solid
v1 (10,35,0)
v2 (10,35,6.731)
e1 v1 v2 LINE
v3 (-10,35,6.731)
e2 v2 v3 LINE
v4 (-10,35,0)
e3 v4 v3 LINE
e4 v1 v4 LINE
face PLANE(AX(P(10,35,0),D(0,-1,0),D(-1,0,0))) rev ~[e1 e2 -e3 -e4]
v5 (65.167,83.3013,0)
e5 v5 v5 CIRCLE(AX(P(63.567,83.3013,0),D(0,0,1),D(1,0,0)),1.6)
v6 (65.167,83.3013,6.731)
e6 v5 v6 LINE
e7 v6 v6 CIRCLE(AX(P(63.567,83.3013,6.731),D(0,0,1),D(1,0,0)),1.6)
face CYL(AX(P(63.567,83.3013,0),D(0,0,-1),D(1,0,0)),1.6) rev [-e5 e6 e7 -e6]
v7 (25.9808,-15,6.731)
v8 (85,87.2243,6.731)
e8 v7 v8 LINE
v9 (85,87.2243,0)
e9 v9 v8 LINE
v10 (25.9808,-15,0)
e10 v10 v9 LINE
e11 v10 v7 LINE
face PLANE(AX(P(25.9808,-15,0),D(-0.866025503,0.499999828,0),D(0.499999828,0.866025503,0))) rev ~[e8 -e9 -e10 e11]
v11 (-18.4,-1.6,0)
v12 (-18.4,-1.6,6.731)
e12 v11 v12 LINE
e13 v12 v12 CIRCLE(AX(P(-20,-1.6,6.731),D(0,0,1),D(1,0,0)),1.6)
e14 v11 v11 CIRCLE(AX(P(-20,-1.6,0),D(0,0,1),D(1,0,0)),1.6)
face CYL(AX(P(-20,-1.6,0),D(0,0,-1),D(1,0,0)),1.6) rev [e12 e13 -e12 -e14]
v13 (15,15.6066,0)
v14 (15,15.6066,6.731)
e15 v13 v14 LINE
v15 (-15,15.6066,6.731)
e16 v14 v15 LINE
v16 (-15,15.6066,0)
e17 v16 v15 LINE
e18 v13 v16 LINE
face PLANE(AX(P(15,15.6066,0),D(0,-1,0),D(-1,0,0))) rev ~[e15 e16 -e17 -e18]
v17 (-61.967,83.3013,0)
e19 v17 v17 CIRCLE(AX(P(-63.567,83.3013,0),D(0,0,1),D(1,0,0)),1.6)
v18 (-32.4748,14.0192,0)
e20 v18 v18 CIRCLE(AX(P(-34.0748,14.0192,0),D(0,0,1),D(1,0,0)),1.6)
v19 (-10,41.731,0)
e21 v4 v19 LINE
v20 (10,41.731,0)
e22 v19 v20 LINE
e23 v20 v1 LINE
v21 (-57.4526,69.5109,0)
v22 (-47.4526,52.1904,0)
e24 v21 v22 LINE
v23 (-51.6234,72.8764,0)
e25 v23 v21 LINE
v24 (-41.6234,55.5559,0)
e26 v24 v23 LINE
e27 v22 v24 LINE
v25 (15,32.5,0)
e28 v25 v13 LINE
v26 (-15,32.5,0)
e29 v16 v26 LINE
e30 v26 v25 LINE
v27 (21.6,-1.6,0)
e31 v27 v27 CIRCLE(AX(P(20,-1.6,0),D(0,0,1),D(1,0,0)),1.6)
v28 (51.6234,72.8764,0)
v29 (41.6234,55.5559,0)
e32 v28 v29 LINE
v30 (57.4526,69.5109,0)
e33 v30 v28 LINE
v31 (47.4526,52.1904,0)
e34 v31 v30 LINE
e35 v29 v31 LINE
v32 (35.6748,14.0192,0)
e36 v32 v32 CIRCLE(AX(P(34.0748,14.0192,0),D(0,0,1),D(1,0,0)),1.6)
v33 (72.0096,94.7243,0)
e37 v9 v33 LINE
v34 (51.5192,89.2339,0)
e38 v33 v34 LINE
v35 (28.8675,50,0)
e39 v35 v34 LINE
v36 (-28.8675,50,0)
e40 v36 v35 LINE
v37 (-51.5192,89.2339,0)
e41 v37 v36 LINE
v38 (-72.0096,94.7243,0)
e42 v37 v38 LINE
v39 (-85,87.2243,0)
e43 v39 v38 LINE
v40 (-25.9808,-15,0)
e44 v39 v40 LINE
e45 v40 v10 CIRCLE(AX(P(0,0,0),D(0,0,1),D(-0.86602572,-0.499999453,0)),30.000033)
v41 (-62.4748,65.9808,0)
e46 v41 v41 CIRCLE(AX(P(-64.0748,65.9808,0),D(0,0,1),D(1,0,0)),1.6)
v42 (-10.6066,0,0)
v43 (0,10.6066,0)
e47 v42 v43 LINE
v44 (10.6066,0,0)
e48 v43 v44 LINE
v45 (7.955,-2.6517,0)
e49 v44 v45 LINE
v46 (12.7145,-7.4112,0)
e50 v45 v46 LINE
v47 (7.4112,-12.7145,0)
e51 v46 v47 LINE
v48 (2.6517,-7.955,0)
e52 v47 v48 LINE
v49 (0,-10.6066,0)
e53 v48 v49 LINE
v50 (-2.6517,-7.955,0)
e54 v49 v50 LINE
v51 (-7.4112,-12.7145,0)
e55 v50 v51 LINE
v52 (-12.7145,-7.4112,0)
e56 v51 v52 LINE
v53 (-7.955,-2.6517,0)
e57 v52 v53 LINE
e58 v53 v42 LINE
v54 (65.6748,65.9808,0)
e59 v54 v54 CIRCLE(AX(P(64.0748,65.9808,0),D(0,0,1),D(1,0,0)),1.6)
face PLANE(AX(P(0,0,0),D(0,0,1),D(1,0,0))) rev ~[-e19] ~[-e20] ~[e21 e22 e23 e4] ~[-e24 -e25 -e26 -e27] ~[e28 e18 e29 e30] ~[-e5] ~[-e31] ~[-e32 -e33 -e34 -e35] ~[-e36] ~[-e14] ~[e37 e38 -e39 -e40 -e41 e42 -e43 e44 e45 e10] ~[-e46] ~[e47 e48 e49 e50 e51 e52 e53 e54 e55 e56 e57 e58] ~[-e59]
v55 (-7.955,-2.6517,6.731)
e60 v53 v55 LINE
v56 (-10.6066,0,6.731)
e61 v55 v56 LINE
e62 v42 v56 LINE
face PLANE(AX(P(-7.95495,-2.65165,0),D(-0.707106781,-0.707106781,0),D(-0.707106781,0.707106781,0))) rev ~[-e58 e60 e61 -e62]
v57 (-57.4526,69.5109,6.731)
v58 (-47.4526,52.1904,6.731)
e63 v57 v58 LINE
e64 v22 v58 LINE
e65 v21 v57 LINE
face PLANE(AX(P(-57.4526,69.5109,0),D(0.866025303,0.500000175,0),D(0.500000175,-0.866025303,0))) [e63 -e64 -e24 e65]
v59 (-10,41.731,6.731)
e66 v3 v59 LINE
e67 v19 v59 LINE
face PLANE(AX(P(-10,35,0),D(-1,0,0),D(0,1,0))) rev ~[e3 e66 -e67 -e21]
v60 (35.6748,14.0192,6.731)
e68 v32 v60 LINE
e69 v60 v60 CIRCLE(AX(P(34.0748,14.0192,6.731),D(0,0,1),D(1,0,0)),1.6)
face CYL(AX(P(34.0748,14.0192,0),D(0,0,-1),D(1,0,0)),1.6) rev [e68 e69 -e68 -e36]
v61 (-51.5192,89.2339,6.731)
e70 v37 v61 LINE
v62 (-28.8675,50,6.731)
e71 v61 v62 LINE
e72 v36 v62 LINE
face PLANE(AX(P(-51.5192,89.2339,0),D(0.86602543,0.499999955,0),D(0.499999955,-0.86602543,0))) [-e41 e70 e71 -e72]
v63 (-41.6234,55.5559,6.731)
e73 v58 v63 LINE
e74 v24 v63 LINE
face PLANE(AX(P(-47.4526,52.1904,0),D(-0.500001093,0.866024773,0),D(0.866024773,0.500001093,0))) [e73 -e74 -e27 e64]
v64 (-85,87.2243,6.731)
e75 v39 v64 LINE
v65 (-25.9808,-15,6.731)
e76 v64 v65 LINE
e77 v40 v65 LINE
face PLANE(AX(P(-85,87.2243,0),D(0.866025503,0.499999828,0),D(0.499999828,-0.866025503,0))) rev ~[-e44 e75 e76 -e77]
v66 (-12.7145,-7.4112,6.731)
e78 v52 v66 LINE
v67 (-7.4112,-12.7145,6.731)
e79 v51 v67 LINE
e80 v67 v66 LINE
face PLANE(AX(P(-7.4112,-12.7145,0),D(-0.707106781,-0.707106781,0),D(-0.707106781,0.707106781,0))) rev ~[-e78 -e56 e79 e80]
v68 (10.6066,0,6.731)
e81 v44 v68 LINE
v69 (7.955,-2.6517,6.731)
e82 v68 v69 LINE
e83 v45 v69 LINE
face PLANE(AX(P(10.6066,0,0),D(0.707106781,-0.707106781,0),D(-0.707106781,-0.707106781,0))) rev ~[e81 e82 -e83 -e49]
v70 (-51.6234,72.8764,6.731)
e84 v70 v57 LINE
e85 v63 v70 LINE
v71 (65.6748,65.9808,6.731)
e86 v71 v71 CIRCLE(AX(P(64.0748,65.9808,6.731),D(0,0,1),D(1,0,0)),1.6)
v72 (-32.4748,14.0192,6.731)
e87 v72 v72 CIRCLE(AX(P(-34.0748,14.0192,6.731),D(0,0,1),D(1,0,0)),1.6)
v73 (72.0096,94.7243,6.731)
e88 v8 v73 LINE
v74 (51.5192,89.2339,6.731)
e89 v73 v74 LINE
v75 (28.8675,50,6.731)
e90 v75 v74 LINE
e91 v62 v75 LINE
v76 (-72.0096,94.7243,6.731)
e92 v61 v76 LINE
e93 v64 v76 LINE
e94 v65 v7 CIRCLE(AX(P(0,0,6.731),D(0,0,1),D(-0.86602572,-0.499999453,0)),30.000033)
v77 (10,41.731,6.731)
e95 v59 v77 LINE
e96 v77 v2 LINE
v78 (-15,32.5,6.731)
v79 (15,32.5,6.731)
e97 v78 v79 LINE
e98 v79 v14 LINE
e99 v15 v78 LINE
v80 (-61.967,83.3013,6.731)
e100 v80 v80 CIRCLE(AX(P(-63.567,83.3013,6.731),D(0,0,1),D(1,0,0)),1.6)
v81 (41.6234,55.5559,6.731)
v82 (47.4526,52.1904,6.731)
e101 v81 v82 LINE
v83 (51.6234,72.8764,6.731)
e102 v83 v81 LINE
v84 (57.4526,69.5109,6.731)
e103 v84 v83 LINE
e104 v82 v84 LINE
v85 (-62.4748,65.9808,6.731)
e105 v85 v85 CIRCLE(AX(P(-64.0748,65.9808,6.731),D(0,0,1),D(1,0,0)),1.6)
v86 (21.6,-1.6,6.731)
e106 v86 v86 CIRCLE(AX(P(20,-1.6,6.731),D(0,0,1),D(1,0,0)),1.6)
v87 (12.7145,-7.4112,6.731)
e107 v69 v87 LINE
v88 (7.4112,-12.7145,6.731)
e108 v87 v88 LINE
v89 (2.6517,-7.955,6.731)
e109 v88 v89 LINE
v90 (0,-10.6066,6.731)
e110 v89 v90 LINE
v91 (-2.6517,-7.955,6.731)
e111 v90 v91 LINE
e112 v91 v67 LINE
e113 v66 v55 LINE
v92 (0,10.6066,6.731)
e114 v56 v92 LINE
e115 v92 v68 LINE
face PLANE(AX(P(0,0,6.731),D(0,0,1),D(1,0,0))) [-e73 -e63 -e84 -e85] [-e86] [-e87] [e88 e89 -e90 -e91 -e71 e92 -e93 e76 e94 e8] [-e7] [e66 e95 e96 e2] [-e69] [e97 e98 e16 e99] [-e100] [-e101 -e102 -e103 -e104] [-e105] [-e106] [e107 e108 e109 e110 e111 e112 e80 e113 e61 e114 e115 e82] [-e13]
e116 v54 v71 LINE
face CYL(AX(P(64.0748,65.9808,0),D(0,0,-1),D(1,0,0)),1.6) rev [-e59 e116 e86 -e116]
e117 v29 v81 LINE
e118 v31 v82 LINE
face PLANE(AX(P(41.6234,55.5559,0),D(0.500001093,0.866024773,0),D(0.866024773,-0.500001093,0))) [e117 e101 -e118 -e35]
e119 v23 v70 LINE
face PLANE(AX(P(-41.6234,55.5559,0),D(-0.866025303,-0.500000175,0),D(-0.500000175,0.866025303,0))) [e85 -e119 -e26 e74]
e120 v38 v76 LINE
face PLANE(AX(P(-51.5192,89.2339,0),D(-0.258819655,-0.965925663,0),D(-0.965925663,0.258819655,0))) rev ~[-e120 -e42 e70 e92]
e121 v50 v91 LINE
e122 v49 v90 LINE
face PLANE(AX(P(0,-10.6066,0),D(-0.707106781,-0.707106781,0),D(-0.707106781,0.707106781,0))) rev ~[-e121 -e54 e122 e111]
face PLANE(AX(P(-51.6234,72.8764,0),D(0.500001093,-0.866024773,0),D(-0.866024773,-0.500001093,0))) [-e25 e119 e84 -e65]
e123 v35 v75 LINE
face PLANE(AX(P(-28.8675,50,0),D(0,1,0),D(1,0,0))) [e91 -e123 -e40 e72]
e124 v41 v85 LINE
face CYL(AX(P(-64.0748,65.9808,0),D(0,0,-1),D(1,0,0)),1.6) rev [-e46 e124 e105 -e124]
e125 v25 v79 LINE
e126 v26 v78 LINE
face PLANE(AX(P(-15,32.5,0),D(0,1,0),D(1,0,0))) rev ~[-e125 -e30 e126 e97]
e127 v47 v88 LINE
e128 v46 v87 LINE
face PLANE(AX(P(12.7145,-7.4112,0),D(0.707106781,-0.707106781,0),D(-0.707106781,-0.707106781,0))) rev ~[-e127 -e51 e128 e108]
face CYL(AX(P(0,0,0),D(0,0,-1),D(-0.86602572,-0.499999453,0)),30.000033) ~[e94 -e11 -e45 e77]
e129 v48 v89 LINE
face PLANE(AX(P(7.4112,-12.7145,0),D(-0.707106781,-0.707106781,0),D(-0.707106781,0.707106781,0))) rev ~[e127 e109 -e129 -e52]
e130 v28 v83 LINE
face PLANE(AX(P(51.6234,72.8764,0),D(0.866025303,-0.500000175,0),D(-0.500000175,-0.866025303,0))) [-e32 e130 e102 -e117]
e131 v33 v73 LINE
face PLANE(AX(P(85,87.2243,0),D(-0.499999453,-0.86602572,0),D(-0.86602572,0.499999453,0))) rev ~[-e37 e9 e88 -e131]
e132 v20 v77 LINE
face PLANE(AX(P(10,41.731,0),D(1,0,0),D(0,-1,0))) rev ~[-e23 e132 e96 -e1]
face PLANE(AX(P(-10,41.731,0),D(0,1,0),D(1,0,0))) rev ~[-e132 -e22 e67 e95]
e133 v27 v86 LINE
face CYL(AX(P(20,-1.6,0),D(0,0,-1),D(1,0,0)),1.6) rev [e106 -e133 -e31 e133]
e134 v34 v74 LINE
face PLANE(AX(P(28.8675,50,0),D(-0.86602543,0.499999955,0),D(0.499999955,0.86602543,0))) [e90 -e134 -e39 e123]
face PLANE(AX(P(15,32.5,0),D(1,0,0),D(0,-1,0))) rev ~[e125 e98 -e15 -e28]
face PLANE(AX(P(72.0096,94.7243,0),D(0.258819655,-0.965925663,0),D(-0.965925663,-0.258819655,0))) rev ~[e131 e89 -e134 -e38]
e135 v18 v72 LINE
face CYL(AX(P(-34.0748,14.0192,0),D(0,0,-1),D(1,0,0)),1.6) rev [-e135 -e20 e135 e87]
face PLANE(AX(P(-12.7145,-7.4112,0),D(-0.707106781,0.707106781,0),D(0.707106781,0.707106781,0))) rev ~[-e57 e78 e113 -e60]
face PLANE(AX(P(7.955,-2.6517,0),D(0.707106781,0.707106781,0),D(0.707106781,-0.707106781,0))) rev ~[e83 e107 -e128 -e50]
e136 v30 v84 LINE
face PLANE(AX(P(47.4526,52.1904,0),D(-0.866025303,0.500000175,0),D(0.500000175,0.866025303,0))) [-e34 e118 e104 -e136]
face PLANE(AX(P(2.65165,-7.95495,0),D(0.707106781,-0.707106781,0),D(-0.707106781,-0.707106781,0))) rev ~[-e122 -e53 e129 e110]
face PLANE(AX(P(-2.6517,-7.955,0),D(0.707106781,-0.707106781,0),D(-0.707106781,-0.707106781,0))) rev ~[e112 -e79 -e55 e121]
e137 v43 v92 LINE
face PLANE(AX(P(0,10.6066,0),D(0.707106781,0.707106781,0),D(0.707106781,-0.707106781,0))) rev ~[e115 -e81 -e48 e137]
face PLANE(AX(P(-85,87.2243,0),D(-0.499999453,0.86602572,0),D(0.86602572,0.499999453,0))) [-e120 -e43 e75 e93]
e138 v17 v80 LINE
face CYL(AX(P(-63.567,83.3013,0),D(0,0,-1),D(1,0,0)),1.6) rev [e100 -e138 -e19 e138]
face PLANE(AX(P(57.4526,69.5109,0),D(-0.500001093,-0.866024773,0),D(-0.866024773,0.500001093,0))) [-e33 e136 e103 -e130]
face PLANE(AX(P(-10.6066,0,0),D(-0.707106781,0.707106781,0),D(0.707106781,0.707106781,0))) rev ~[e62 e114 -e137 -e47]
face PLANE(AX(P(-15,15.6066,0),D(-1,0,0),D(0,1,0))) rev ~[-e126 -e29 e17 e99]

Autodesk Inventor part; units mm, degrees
ref_plane "YZ Plane" through (0, 0, 0) normal (1, 0, 0) x (0, 1, 0)
ref_plane "XZ Plane" through (0, 0, 0) normal (0, 1, 0) x (-1, 0, 0)
ref_plane "XY Plane" through (0, 0, 0) normal (0, 0, 1) x (1, 0, 0)
sketch "Sketch1" plane through (0, 0, 0) normal (0, 0, 1) x (1, 0, 0)
  line L0 (-10.6066, 0) -> (0, 10.6066)
  line L1 (0, 10.6066) -> (10.6066, 0)
  line L2 (10.6066, 0) -> (0, -10.6066)
  line L3 (0, -10.6066) -> (-10.6066, 0)
  arc A0 (-25.9808, -15) -> (25.9808, -15) centre (0, 0) ccw
  line L4 (25.9808, -15) -> (85, 87.2243)
  line L5 (10, 41.731) -> (10, 35)
  line L6 (10, 35) -> (-10, 35)
  line L7 (-10, 35) -> (-10, 41.731)
  line L8 (-10, 41.731) -> (10, 41.731)
  line L9 (-85, 87.2243) -> (-25.9808, -15)
  circle A1 centre (-49.0748, 40) radius 1.6
  circle A2 centre (-64.0748, 65.9808) radius 1.6
  circle A3 centre (49.0748, 40) radius 1.6
  circle A4 centre (64.0748, 65.9808) radius 1.6
  line L10 (-85, 87.2243) -> (-72.0096, 94.7243)
  line L11 (-51.5192, 89.2339) -> (-28.8675, 50)
  line L12 (-28.8675, 50) -> (28.8675, 50)
  line L13 (28.8675, 50) -> (51.5192, 89.2339)
  line L14 (2.6517, -7.955) -> (7.955, -2.6517)
  line L15 (7.955, -2.6517) -> (12.7145, -7.4112)
  line L16 (12.7145, -7.4112) -> (7.4112, -12.7145)
  line L17 (7.4112, -12.7145) -> (2.6517, -7.955)
  line L18 (-2.6517, -7.955) -> (-7.4112, -12.7145)
  line L19 (-7.4112, -12.7145) -> (-12.7145, -7.4112)
  line L20 (-12.7145, -7.4112) -> (-7.955, -2.6517)
  line L21 (-7.955, -2.6517) -> (-2.6517, -7.955)
  circle A5 centre (-38.567, 40) radius 1.6
  circle A6 centre (38.567, 40) radius 1.6
  circle A7 centre (-63.567, 83.3013) radius 1.6
  circle A8 centre (63.567, 83.3013) radius 1.6
  circle A9 centre (-20, -1.6) radius 1.6
  circle A10 centre (20, -1.6) radius 1.6
  line L22 (-57.4526, 69.5109) -> (-47.4526, 52.1904)
  line L23 (-47.4526, 52.1904) -> (-41.6234, 55.5559)
  line L24 (-41.6234, 55.5559) -> (-51.6234, 72.8764)
  line L25 (-51.6234, 72.8764) -> (-57.4526, 69.5109)
  line L26 (47.4526, 52.1904) -> (57.4526, 69.5109)
  line L27 (57.4526, 69.5109) -> (51.6234, 72.8764)
  line L28 (51.6234, 72.8764) -> (41.6234, 55.5559)
  line L29 (41.6234, 55.5559) -> (47.4526, 52.1904)
  line L30 (-15, 32.5) -> (15, 32.5)
  line L31 (15, 32.5) -> (15, 15.6066)
  line L32 (15, 15.6066) -> (-15, 15.6066)
  line L33 (-15, 15.6066) -> (-15, 32.5)
  line L34 (-10.6066, 0) -> (10.6066, 0)
  line L35 (25.9808, -15) -> (0, -60)
  line L36 (0, -60) -> (-25.9808, -15)
  line L37 (85, 87.2243) -> (72.0096, 94.7243)
  circle A11 centre (-34.0748, 14.0192) radius 1.6
  circle A12 centre (34.0748, 14.0192) radius 1.6
  line L38 (72.0096, 94.7243) -> (51.5192, 89.2339)
  line L39 (-51.5192, 89.2339) -> (-72.0096, 94.7243)
  point P0 (0, 0)
  point P1 (0, 35)
  point P2 (0, 32.5)
  dimension "d0" = 15
  dimension "d9" = 30
  dimension "d11" = 6.731
  dimension "d12" = 20
  dimension "d25" = 60
  dimension "d34" = 3.2
  dimension "d36" = 30
  dimension "d38" = 30
  dimension "d40" = 7.5
  dimension "d41" = 7.5
  dimension "d42" = 7.5
  dimension "d43" = 7.5
  dimension "d45" = 40
  dimension "d54" = 50
  dimension "d55" = 0
  dimension "d56" = 0
  dimension "d57" = 7.5
  dimension "d58" = 3.75
  dimension "d63" = 15
  dimension "d64" = 3.2
  dimension "d66" = 50
  dimension "d67" = 15
  dimension "d68" = 15
  dimension "d73" = 20
  dimension "d74" = 15
  dimension "d75" = 15
  dimension "d76" = 15
  dimension "d77" = 15
  dimension "d79" = 35
  dimension "d80" = 2.5
  dimension "d81" = 5
  dimension "d82" = 30
  dimension "d83" = 20
  dimension "d84" = 20
  dimension "d85" = 40
  dimension "d86" = 170
  dimension "d88" = 30
  dimension "d89" = 30
  dimension "d90" = 7.5
  dimension "d91" = 7.5
  dimension "d92" = 135
  dimension "d93" = 30
  dimension "d94" = 45
  dimension "d95" = 15
extrude "Extrusion2" add sketch "Sketch1" along normal blind 6.731 contours L9 L10 L39 L11 L12 L13 L38 L37 L4 A0 | A5 | A6
sketch "Sketch2" plane through (0, 0, 6.731) normal (0, 0, 1) x (1, 0, 0)
  circle A0 centre (49.0748, 40) radius 1.6 projected
  circle A1 centre (-49.0748, 40) radius 1.6 projected
extrude "Extrusion3" add sketch "Sketch2" against normal up to surface (6.731 mm away)
equation "\"d38\" = d36"
equation "\"d41\" = d40"
equation "\"d58\" = 0.5 * d57"
equation "\"THICKA\" = 3.175"
equation "\"THICKB\" = 6.731"
equation "\"THICKC\" = 12.7"
equation "\"BALLDIA\" = 12"
equation "\"MAGDIA\" = 9.5"
equation "\"THICKPLY\" = 5"
properties part number "Frame_Upper_Plate_Bottom"
